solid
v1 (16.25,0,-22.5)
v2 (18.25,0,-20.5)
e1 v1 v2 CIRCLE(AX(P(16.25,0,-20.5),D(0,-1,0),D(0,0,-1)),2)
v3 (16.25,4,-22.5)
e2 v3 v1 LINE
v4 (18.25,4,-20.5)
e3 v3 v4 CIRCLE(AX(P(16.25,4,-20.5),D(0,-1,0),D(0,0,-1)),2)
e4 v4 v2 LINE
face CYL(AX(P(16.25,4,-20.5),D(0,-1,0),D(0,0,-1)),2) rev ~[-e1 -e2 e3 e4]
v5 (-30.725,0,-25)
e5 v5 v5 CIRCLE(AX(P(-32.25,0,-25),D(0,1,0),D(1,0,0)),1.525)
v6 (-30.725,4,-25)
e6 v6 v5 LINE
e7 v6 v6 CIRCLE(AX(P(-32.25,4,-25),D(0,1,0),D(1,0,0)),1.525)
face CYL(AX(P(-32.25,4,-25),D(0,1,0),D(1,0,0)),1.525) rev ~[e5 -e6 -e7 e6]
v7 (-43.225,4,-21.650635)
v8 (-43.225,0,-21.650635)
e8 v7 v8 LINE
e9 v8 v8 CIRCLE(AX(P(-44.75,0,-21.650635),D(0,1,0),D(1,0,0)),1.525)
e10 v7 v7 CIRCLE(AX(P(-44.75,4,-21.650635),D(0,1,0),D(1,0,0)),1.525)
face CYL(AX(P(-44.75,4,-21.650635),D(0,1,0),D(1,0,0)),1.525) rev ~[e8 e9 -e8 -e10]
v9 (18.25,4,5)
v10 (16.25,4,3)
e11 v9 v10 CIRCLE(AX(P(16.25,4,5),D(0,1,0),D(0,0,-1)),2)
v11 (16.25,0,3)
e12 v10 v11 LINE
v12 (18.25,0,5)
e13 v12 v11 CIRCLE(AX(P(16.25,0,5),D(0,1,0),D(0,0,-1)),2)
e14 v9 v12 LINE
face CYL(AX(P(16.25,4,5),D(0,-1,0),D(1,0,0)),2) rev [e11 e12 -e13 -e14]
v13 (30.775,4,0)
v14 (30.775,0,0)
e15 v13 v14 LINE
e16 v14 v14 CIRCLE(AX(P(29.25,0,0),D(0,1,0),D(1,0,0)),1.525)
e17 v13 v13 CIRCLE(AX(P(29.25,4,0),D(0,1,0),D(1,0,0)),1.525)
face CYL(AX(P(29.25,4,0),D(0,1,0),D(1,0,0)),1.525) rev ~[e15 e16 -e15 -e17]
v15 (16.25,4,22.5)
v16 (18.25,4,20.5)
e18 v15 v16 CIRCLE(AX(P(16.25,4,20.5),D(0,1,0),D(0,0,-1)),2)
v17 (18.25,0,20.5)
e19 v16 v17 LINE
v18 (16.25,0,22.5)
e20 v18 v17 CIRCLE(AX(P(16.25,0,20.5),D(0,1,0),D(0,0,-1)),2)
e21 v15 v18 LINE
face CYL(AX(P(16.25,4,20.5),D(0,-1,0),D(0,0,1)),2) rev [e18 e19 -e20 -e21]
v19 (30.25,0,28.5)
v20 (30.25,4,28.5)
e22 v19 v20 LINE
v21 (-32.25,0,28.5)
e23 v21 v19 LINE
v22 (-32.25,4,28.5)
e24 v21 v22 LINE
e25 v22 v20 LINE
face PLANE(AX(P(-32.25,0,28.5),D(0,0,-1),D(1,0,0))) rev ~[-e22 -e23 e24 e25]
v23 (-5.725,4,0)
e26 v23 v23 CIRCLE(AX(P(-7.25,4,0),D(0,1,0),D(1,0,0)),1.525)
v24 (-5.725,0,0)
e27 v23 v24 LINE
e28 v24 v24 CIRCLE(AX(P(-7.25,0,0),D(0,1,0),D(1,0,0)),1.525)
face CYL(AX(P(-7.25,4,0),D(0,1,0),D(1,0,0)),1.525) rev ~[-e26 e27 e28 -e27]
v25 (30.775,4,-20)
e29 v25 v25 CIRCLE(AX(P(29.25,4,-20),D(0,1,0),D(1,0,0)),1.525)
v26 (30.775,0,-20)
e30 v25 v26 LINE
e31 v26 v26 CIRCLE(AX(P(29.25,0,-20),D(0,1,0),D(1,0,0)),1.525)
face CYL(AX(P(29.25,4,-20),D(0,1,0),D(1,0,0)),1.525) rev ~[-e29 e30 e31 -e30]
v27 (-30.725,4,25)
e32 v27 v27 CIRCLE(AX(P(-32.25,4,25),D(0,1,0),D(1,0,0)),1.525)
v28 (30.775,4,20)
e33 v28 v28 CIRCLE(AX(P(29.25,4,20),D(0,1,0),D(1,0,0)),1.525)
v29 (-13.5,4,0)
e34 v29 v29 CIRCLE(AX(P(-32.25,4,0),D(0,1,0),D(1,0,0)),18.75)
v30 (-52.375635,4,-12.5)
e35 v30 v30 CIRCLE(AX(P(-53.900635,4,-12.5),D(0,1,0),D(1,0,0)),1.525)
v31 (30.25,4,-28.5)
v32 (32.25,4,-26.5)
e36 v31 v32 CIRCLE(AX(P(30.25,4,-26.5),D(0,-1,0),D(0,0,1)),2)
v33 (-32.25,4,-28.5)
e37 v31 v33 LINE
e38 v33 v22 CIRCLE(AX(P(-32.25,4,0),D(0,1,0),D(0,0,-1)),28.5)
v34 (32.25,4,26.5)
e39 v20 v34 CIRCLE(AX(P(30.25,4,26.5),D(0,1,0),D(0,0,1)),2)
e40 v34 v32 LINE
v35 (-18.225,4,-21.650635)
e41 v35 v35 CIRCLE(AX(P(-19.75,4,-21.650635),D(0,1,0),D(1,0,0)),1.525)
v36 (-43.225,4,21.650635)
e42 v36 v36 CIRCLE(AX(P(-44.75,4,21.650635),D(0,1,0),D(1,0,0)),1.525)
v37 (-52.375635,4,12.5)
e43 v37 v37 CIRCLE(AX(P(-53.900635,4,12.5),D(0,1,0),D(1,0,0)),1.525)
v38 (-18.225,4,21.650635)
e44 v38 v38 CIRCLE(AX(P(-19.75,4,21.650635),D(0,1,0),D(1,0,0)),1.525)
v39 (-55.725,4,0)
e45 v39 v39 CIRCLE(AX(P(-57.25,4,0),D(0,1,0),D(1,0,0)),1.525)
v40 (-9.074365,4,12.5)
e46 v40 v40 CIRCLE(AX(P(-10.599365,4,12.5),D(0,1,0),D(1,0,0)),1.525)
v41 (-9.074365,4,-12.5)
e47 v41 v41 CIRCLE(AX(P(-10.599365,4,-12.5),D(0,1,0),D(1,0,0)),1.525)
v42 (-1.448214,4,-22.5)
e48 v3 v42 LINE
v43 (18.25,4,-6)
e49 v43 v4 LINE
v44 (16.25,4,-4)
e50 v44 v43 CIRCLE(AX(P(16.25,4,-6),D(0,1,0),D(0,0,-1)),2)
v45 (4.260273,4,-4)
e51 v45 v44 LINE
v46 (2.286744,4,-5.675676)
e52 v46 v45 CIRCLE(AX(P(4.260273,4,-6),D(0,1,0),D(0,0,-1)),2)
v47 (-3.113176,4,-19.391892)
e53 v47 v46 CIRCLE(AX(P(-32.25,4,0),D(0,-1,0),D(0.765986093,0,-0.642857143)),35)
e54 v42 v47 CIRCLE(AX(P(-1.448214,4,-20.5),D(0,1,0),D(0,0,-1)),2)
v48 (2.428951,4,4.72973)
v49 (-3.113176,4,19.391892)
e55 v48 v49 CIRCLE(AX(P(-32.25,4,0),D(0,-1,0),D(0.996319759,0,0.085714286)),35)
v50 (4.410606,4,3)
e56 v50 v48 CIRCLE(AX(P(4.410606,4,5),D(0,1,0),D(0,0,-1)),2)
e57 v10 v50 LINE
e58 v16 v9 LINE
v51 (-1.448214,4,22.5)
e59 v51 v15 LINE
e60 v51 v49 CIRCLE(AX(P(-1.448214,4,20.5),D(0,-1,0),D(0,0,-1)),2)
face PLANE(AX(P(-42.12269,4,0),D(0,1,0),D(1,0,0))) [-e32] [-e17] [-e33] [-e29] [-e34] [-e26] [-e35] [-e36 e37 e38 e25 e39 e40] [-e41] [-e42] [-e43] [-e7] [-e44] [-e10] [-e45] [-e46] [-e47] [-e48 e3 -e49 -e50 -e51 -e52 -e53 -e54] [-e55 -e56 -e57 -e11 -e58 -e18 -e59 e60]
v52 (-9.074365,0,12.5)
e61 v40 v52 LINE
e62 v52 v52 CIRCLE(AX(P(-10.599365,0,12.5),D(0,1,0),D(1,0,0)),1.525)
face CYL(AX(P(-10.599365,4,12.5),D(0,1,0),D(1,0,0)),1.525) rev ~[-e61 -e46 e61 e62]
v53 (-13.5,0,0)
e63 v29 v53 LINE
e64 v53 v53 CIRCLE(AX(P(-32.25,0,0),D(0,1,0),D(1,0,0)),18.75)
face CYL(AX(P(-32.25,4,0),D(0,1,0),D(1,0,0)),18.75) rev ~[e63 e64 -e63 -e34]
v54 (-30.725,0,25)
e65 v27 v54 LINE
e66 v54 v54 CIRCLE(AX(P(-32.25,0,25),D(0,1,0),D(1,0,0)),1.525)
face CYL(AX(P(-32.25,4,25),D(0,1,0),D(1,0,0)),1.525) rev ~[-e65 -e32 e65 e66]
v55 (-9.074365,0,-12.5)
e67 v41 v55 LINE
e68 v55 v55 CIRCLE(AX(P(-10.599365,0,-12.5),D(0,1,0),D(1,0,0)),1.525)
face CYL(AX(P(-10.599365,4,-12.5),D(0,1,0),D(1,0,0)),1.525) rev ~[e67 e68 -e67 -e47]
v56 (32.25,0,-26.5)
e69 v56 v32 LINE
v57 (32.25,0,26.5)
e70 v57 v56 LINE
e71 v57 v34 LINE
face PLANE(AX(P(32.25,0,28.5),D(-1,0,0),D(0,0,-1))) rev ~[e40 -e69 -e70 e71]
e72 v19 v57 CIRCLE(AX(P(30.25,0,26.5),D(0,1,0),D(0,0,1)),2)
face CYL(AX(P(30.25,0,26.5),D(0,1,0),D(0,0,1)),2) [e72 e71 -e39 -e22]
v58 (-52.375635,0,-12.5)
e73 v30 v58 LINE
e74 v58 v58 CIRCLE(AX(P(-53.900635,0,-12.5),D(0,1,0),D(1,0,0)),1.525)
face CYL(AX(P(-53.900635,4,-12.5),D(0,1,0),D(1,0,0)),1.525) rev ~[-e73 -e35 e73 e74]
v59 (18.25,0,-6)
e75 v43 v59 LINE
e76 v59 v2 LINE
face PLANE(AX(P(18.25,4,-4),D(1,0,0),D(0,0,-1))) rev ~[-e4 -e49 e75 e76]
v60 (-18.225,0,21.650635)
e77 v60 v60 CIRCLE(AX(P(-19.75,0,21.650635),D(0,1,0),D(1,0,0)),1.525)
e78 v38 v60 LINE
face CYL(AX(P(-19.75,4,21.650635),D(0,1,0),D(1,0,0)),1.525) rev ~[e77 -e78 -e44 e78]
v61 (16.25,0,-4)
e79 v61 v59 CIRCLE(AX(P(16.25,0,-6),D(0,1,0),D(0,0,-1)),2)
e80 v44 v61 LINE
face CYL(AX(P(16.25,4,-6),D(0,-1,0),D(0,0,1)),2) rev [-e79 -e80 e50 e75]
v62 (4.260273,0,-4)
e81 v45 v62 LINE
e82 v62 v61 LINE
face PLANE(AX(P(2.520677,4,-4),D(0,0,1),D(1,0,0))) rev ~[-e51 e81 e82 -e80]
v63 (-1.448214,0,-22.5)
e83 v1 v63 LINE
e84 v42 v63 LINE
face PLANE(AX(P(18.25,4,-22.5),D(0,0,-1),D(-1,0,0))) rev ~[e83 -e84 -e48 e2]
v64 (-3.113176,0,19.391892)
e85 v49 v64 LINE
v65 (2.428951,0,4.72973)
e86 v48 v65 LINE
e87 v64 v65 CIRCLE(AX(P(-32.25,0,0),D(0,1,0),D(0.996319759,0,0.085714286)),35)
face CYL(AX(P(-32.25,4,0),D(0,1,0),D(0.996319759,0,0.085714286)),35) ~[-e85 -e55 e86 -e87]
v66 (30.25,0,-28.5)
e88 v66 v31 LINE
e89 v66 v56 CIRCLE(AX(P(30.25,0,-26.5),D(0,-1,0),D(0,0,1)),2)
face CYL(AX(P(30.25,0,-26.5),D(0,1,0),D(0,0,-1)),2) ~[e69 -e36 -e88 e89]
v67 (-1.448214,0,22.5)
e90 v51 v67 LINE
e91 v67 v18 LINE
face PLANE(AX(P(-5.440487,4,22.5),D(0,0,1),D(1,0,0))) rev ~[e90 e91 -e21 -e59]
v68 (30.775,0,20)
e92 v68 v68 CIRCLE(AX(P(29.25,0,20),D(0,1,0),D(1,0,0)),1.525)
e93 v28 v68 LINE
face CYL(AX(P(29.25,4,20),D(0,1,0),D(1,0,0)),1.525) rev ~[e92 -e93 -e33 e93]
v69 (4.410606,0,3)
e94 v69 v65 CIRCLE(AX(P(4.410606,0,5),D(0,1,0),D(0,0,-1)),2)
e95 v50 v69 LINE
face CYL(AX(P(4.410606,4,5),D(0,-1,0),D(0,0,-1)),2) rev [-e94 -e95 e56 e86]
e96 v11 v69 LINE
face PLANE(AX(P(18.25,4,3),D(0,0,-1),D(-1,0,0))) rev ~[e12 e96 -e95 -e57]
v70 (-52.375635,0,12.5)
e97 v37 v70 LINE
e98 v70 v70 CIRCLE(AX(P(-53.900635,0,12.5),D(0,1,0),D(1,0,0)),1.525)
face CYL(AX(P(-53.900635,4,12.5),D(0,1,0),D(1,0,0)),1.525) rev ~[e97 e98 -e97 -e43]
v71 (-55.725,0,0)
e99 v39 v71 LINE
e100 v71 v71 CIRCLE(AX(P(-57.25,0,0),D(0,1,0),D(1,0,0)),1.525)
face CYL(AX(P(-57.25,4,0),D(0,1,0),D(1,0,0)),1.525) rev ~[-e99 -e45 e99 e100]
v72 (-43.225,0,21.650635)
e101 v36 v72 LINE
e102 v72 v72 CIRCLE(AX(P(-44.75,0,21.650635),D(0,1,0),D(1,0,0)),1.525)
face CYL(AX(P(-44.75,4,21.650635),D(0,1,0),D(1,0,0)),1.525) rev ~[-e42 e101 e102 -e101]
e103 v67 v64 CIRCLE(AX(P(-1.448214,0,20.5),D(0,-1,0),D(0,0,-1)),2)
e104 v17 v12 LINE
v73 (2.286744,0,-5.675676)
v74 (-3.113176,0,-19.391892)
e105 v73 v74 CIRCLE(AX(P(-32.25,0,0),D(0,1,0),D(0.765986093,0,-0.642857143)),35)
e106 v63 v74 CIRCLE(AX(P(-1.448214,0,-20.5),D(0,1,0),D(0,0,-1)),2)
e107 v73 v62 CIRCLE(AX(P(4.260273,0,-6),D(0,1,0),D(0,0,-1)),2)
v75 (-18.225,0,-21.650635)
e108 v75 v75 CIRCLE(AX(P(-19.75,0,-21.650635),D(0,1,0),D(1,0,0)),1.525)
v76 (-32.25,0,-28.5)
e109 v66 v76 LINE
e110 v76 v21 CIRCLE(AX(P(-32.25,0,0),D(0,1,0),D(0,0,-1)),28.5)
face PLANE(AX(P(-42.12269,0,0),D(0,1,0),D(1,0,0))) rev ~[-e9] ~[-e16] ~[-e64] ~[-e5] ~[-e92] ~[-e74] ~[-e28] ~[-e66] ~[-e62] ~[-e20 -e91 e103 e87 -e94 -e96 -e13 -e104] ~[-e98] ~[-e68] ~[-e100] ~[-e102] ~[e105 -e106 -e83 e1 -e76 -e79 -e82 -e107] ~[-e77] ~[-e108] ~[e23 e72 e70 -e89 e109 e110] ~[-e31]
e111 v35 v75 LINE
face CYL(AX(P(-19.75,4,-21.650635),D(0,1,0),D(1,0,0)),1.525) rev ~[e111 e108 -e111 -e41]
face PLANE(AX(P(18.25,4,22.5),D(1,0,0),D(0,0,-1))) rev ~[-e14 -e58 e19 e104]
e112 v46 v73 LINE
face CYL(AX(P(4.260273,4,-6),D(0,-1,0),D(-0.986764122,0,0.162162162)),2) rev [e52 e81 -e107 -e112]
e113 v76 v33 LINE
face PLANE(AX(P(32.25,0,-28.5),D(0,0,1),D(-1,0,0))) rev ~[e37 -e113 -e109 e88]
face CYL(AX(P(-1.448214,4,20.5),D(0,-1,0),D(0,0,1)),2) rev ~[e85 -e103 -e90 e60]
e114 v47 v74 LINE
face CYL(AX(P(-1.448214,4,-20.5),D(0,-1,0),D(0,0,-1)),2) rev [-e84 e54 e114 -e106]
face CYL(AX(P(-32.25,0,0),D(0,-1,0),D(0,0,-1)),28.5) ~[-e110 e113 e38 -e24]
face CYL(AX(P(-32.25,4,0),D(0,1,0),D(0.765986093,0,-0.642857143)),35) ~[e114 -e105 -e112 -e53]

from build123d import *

# Parameters (mm, degrees)
EXTRUDE_1_DEPTH     = 4
SKETCH_2_R          = 1.525
CUT_EXTRUDE_1_DEPTH = 5
SKETCH_4_R          = 10
CUT_EXTRUDE_2_DEPTH = 5
SKETCH_7_R          = 18.75
CUT_EXTRUDE_4_DEPTH = 5
SKETCH_8_R          = 1.525
CUT_EXTRUDE_5_DEPTH = 5
SKETCH_9_R          = 1.525
CUT_EXTRUDE_6_DEPTH = 5
FILLET_1_R          = 2
CUT_EXTRUDE_8_DEPTH = 5
FILLET_2_R          = 2


with BuildPart() as part:
    # 草图1 → 凸台-拉伸1 (new body)
    with BuildSketch(Plane(origin=(0, 0, 0), x_dir=(1, 0, 0), z_dir=(0, 1, 0))):
        with BuildLine():
            ThreePointArc((-32.25, 28.5), (-60.75, 0), (-32.25, -28.5))
            Line((-32.25, -28.5), (-32.25, 28.5))
        make_face()
        with BuildLine():
            Line((-32.25, 28.5), (-32.25, -28.5))
            ThreePointArc((-32.25, -28.5), (-12.097456736, -20.152543264), (-3.75, 0))
            ThreePointArc((-3.75, 0), (-12.097456736, 20.152543264), (-32.25, 28.5))
        make_face()
        with BuildLine():
            ThreePointArc((-3.75, 0), (-12.097456736, -20.152543264), (-32.25, -28.5))
            Line((-32.25, -28.5), (32.25, -28.5))
            Line((32.25, -28.5), (32.25, 28.5))
            Line((32.25, 28.5), (-32.25, 28.5))
            ThreePointArc((-32.25, 28.5), (-12.097456736, 20.152543264), (-3.75, 0))
        make_face()
    extrude(amount=EXTRUDE_1_DEPTH)

    # 草图2 → 切除-拉伸1 (cut, through all)
    with BuildSketch(Plane(origin=(0, 4, 0), x_dir=(1, 0, 0), z_dir=(0, 1, 0))):
        with Locations((-45.75, 0)):
            Circle(SKETCH_2_R)
        with Locations((-39, 11.691342951)):
            Circle(SKETCH_2_R)
        with Locations((-25.5, 11.691342951)):
            Circle(SKETCH_2_R)
        with Locations((-18.75, 0)):
            Circle(SKETCH_2_R)
        with Locations((-25.5, -11.691342951)):
            Circle(SKETCH_2_R)
        with Locations((-39, -11.691342951)):
            Circle(SKETCH_2_R)
    extrude(amount=-CUT_EXTRUDE_1_DEPTH, mode=Mode.SUBTRACT)

    # 草图4 → 切除-拉伸2 (cut, through all)
    with BuildSketch(Plane(origin=(0, 4, 0), x_dir=(1, 0, 0), z_dir=(0, 1, 0))):
        with Locations((-32.25, 0)):
            Circle(SKETCH_4_R)
    extrude(amount=-CUT_EXTRUDE_2_DEPTH, mode=Mode.SUBTRACT)

    # 草图7 → 切除-拉伸4 (cut, through all)
    with BuildSketch(Plane(origin=(0, 4, 0), x_dir=(1, 0, 0), z_dir=(0, 1, 0))):
        with Locations((-32.25, 0)):
            Circle(SKETCH_7_R)
    extrude(amount=-CUT_EXTRUDE_4_DEPTH, mode=Mode.SUBTRACT)

    # 草图8 → 切除-拉伸5 (cut, through all)
    with BuildSketch(Plane(origin=(0, 4, 0), x_dir=(1, 0, 0), z_dir=(0, 1, 0))):
        with Locations((-32.25, 25)):
            Circle(SKETCH_8_R)
        with Locations((-19.75, 21.650635095)):
            Circle(SKETCH_8_R)
        with Locations((-10.599364905, 12.5)):
            Circle(SKETCH_8_R)
        with Locations((-7.25, 0)):
            Circle(SKETCH_8_R)
        with Locations((-10.599364905, -12.5)):
            Circle(SKETCH_8_R)
        with Locations((-19.75, -21.650635095)):
            Circle(SKETCH_8_R)
        with Locations((-32.25, -25)):
            Circle(SKETCH_8_R)
        with Locations((-44.75, -21.650635095)):
            Circle(SKETCH_8_R)
        with Locations((-53.900635095, -12.5)):
            Circle(SKETCH_8_R)
        with Locations((-57.25, 0)):
            Circle(SKETCH_8_R)
        with Locations((-53.900635095, 12.5)):
            Circle(SKETCH_8_R)
        with Locations((-44.75, 21.650635095)):
            Circle(SKETCH_8_R)
    extrude(amount=-CUT_EXTRUDE_5_DEPTH, mode=Mode.SUBTRACT)

    # 草图9 → 切除-拉伸6 (cut, through all)
    with BuildSketch(Plane(origin=(0, 4, 0), x_dir=(1, 0, 0), z_dir=(0, 1, 0))):
        with Locations((29.25, 0)):
            Circle(SKETCH_9_R)
        with Locations((29.25, 20)):
            Circle(SKETCH_9_R)
        with Locations((29.25, -20)):
            Circle(SKETCH_9_R)
    extrude(amount=-CUT_EXTRUDE_6_DEPTH, mode=Mode.SUBTRACT)

    # 圆角1
    fillet_1_edges = [part.edges().sort_by_distance(p)[0] for p in [
        (32.25, 2, -28.5),
        (32.25, 2, 28.5),
    ]]
    fillet(fillet_1_edges, radius=FILLET_1_R)

    # 草图18 → 切除-拉伸8 (cut, through all)
    with BuildSketch(Plane(origin=(0, 4, 0), x_dir=(1, 0, 0), z_dir=(0, 1, 0))):
        with BuildLine():
            Line((18.25, 22.5), (-5.440486763, 22.5))
            ThreePointArc((-5.440486763, 22.5), (-0.100467085, 13.835011143), (2.520677301, 4))
            Line((2.520677301, 4), (18.25, 4))
            Line((18.25, 4), (18.25, 22.5))
        make_face()
        with BuildLine():
            Line((-5.440486763, -22.5), (18.25, -22.5))
            Line((18.25, -22.5), (18.25, -3))
            Line((18.25, -3), (2.621191548, -3))
            ThreePointArc((2.621191548, -3), (0.094857948, -13.371991785), (-5.440486763, -22.5))
        make_face()
    extrude(amount=-CUT_EXTRUDE_8_DEPTH, mode=Mode.SUBTRACT)

    # 圆角2
    fillet_2_edges = [part.edges().sort_by_distance(p)[0] for p in [
        (2.520677301, 2, -4),
        (-5.440486763, 2, -22.5),
        (18.25, 2, -22.5),
        (18.25, 2, -4),
        (-5.440486763, 2, 22.5),
        (2.621191548, 2, 3),
        (18.25, 2, 3),
        (18.25, 2, 22.5),
    ]]
    fillet(fillet_2_edges, radius=FILLET_2_R)


solid = part.part
